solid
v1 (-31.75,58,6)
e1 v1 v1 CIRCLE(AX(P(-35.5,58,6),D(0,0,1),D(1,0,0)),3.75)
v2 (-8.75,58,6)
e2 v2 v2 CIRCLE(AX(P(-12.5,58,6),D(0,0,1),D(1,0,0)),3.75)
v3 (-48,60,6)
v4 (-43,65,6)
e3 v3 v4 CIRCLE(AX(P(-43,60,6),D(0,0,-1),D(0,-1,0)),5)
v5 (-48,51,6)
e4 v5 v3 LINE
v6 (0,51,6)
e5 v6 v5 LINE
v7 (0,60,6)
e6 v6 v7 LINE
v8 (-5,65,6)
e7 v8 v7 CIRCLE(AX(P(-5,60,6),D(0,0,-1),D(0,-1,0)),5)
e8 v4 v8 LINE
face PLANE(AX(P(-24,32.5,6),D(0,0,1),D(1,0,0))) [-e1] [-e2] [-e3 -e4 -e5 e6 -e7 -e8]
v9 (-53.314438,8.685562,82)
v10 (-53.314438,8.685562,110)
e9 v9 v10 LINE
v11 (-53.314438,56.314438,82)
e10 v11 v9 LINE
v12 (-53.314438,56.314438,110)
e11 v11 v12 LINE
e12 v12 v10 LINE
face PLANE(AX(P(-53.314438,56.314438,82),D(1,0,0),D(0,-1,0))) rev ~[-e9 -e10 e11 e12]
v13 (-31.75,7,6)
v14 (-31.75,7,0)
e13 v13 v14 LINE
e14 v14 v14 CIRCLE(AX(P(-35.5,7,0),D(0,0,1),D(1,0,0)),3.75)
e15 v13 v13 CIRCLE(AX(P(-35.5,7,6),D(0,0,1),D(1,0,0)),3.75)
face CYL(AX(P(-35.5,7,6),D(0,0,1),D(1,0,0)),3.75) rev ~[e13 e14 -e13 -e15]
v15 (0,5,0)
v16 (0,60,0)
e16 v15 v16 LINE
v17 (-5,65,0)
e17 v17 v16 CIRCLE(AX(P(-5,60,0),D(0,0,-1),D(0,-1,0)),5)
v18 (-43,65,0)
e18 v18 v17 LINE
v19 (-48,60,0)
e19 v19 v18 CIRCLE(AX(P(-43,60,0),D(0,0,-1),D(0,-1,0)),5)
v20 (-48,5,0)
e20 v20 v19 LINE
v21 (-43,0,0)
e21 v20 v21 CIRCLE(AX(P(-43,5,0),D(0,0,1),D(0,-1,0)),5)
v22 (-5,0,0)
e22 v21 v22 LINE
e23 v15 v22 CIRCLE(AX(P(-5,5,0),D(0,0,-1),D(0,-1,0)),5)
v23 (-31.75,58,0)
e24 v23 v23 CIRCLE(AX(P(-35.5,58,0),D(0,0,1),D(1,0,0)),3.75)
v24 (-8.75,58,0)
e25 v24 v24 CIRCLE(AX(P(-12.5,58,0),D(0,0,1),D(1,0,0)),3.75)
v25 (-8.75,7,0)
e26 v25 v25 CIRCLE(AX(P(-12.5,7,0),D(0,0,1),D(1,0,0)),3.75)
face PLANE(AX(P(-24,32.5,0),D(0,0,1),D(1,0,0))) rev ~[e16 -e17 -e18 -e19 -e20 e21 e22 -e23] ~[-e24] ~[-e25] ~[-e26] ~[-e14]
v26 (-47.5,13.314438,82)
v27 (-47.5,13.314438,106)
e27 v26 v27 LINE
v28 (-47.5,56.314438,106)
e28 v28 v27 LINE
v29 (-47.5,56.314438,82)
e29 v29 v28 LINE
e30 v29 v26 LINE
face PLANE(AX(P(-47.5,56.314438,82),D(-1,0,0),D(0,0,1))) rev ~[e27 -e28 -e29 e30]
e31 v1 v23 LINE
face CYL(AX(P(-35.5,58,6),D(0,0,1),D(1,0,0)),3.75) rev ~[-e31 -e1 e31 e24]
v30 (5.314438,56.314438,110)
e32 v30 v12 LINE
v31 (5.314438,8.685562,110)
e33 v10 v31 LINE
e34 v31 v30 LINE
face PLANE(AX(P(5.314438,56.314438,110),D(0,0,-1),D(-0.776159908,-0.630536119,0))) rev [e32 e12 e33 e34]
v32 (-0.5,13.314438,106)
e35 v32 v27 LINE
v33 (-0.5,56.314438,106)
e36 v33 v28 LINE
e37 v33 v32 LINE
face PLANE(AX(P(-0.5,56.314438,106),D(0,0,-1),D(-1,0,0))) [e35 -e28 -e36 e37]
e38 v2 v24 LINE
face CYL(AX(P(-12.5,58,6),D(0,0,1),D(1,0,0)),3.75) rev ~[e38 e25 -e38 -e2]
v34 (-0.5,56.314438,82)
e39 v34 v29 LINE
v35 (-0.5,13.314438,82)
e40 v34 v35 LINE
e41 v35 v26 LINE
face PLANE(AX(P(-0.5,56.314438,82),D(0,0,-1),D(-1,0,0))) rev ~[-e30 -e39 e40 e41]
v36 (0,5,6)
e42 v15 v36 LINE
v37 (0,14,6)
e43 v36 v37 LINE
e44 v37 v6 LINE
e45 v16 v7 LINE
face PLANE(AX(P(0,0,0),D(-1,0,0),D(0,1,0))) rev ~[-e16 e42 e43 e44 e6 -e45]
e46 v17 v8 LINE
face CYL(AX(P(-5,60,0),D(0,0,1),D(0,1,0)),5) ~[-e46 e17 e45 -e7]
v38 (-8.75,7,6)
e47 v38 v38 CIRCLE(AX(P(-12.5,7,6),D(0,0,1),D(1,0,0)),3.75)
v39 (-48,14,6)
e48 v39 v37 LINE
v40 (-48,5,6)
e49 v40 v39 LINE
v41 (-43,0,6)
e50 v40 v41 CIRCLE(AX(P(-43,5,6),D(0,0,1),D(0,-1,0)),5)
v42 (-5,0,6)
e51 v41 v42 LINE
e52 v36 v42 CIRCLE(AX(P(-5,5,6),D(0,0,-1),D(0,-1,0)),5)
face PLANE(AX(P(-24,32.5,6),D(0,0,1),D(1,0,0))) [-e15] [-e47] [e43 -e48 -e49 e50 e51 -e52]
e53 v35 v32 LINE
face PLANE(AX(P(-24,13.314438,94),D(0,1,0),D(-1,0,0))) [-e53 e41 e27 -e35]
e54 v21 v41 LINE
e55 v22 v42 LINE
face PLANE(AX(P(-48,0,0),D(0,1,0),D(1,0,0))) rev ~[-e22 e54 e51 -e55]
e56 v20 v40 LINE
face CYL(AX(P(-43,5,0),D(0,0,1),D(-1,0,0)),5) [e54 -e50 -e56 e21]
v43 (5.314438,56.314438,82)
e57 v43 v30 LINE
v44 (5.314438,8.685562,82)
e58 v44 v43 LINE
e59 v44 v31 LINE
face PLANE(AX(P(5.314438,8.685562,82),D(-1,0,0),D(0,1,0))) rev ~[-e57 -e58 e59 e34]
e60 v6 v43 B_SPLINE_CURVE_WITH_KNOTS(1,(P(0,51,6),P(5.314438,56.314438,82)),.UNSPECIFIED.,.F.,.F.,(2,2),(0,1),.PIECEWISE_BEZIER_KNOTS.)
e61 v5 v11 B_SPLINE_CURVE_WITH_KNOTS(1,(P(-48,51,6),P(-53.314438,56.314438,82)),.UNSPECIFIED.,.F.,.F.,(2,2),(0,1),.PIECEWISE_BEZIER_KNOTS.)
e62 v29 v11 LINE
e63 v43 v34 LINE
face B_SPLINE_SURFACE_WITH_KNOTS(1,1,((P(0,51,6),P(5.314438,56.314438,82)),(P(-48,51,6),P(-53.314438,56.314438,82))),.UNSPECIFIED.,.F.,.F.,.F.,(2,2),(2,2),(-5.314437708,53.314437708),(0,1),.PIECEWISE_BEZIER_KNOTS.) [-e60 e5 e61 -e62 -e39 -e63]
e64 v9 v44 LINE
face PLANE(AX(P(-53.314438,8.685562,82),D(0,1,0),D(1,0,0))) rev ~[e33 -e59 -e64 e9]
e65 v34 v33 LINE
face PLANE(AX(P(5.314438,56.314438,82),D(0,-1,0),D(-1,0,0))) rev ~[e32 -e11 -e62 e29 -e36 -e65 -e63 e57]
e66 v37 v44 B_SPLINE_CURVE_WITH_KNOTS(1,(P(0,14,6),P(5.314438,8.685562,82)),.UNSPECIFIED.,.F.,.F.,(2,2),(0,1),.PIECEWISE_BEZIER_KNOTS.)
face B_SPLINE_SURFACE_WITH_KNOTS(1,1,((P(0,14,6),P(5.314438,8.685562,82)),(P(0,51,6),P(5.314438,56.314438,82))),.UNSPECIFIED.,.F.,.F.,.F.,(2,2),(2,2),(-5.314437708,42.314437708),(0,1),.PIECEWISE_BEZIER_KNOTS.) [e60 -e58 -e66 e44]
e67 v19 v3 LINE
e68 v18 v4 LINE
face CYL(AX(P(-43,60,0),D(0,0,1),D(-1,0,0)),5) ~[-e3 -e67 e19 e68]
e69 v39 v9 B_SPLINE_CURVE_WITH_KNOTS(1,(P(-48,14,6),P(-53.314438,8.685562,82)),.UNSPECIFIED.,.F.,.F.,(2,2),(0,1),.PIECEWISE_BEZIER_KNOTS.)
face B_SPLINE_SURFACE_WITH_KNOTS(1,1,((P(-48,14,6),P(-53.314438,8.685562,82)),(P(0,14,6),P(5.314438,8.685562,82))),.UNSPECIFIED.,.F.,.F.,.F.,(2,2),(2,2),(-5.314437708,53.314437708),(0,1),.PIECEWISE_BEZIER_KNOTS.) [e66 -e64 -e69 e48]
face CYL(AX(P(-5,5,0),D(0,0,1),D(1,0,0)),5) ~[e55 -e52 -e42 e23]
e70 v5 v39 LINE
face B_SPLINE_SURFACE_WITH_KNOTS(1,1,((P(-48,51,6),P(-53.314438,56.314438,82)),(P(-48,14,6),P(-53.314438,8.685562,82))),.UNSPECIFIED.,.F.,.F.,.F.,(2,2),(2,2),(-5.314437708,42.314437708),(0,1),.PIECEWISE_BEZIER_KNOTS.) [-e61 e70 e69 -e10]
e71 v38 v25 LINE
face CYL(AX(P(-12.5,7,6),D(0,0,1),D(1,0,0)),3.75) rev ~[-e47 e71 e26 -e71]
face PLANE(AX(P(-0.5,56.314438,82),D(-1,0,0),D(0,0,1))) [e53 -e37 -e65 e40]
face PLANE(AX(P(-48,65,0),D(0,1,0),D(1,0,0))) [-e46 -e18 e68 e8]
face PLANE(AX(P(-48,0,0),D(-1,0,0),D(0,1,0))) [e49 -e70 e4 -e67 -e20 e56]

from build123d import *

# Parameters (mm, degrees)
F0_W     = 48
F0_H     = 65
F1_DEPTH = 6
F2_W     = 24
F2_H     = 18.5
F3_DEPTH = 76
F3_TAPER = -4
F4_DEPTH = 28
F5_W     = 47
F5_H     = 24
F6_DEPTH = 43
F8_R     = 3.75
F7_R     = 3.75
F9_DEPTH = 25
F10_R    = 5


with BuildPart() as f1:
    # F0 (on Top) → F1 (new body)
    with BuildSketch(Plane.XY):
        with Locations((-24, 32.5)):
            Rectangle(F0_W, F0_H)
    extrude(amount=F1_DEPTH)

    # F2 (on face) → F3 (join)
    with BuildSketch(Plane.XY.offset(6)):
        with Locations((-12, 41.75)):
            Rectangle(F2_W, F2_H)
        with Locations((-36, 41.75)):
            Rectangle(F2_W, F2_H)
        with Locations((-36, 23.25)):
            Rectangle(F2_W, F2_H)
        with Locations((-12, 23.25)):
            Rectangle(F2_W, F2_H)
    extrude(amount=F3_DEPTH, taper=F3_TAPER)

    # F4 (add): a face of the model
    f4_faces = [f1.faces().sort_by_distance(p)[0] for p in [
        (-24, 32.5, 82),
    ]]
    extrude(f4_faces, amount=F4_DEPTH)

    # F5 (on face) → F6 (cut)
    with BuildSketch(Plane(origin=(0, 56.3144377077, 0), x_dir=(-1, 0, 0), z_dir=(0, 1, 0))):
        with Locations((24, 94)):
            Rectangle(F5_W, F5_H)
    extrude(amount=-F6_DEPTH, mode=Mode.SUBTRACT)

    # F8 (on face) + F7 (on face) → F9 (cut)
    with BuildSketch(Plane.XY.offset(6)):
        with Locations((-35.5, 7)):
            Circle(F8_R)
        with Locations((-12.5, 7)):
            Circle(F8_R)
    with BuildSketch(Plane.XY.offset(6)):
        with Locations((-12.5, 58)):
            Circle(F7_R)
        with Locations((-35.5, 58)):
            Circle(F7_R)
    extrude(amount=-F9_DEPTH, mode=Mode.SUBTRACT)

    # F10
    f10_edges = [f1.edges().sort_by_distance(p)[0] for p in [
        (-48, 0, 3),
        (0, 0, 3),
        (0, 65, 3),
        (-48, 65, 3),
    ]]
    fillet(f10_edges, radius=F10_R)


solid = f1.part
